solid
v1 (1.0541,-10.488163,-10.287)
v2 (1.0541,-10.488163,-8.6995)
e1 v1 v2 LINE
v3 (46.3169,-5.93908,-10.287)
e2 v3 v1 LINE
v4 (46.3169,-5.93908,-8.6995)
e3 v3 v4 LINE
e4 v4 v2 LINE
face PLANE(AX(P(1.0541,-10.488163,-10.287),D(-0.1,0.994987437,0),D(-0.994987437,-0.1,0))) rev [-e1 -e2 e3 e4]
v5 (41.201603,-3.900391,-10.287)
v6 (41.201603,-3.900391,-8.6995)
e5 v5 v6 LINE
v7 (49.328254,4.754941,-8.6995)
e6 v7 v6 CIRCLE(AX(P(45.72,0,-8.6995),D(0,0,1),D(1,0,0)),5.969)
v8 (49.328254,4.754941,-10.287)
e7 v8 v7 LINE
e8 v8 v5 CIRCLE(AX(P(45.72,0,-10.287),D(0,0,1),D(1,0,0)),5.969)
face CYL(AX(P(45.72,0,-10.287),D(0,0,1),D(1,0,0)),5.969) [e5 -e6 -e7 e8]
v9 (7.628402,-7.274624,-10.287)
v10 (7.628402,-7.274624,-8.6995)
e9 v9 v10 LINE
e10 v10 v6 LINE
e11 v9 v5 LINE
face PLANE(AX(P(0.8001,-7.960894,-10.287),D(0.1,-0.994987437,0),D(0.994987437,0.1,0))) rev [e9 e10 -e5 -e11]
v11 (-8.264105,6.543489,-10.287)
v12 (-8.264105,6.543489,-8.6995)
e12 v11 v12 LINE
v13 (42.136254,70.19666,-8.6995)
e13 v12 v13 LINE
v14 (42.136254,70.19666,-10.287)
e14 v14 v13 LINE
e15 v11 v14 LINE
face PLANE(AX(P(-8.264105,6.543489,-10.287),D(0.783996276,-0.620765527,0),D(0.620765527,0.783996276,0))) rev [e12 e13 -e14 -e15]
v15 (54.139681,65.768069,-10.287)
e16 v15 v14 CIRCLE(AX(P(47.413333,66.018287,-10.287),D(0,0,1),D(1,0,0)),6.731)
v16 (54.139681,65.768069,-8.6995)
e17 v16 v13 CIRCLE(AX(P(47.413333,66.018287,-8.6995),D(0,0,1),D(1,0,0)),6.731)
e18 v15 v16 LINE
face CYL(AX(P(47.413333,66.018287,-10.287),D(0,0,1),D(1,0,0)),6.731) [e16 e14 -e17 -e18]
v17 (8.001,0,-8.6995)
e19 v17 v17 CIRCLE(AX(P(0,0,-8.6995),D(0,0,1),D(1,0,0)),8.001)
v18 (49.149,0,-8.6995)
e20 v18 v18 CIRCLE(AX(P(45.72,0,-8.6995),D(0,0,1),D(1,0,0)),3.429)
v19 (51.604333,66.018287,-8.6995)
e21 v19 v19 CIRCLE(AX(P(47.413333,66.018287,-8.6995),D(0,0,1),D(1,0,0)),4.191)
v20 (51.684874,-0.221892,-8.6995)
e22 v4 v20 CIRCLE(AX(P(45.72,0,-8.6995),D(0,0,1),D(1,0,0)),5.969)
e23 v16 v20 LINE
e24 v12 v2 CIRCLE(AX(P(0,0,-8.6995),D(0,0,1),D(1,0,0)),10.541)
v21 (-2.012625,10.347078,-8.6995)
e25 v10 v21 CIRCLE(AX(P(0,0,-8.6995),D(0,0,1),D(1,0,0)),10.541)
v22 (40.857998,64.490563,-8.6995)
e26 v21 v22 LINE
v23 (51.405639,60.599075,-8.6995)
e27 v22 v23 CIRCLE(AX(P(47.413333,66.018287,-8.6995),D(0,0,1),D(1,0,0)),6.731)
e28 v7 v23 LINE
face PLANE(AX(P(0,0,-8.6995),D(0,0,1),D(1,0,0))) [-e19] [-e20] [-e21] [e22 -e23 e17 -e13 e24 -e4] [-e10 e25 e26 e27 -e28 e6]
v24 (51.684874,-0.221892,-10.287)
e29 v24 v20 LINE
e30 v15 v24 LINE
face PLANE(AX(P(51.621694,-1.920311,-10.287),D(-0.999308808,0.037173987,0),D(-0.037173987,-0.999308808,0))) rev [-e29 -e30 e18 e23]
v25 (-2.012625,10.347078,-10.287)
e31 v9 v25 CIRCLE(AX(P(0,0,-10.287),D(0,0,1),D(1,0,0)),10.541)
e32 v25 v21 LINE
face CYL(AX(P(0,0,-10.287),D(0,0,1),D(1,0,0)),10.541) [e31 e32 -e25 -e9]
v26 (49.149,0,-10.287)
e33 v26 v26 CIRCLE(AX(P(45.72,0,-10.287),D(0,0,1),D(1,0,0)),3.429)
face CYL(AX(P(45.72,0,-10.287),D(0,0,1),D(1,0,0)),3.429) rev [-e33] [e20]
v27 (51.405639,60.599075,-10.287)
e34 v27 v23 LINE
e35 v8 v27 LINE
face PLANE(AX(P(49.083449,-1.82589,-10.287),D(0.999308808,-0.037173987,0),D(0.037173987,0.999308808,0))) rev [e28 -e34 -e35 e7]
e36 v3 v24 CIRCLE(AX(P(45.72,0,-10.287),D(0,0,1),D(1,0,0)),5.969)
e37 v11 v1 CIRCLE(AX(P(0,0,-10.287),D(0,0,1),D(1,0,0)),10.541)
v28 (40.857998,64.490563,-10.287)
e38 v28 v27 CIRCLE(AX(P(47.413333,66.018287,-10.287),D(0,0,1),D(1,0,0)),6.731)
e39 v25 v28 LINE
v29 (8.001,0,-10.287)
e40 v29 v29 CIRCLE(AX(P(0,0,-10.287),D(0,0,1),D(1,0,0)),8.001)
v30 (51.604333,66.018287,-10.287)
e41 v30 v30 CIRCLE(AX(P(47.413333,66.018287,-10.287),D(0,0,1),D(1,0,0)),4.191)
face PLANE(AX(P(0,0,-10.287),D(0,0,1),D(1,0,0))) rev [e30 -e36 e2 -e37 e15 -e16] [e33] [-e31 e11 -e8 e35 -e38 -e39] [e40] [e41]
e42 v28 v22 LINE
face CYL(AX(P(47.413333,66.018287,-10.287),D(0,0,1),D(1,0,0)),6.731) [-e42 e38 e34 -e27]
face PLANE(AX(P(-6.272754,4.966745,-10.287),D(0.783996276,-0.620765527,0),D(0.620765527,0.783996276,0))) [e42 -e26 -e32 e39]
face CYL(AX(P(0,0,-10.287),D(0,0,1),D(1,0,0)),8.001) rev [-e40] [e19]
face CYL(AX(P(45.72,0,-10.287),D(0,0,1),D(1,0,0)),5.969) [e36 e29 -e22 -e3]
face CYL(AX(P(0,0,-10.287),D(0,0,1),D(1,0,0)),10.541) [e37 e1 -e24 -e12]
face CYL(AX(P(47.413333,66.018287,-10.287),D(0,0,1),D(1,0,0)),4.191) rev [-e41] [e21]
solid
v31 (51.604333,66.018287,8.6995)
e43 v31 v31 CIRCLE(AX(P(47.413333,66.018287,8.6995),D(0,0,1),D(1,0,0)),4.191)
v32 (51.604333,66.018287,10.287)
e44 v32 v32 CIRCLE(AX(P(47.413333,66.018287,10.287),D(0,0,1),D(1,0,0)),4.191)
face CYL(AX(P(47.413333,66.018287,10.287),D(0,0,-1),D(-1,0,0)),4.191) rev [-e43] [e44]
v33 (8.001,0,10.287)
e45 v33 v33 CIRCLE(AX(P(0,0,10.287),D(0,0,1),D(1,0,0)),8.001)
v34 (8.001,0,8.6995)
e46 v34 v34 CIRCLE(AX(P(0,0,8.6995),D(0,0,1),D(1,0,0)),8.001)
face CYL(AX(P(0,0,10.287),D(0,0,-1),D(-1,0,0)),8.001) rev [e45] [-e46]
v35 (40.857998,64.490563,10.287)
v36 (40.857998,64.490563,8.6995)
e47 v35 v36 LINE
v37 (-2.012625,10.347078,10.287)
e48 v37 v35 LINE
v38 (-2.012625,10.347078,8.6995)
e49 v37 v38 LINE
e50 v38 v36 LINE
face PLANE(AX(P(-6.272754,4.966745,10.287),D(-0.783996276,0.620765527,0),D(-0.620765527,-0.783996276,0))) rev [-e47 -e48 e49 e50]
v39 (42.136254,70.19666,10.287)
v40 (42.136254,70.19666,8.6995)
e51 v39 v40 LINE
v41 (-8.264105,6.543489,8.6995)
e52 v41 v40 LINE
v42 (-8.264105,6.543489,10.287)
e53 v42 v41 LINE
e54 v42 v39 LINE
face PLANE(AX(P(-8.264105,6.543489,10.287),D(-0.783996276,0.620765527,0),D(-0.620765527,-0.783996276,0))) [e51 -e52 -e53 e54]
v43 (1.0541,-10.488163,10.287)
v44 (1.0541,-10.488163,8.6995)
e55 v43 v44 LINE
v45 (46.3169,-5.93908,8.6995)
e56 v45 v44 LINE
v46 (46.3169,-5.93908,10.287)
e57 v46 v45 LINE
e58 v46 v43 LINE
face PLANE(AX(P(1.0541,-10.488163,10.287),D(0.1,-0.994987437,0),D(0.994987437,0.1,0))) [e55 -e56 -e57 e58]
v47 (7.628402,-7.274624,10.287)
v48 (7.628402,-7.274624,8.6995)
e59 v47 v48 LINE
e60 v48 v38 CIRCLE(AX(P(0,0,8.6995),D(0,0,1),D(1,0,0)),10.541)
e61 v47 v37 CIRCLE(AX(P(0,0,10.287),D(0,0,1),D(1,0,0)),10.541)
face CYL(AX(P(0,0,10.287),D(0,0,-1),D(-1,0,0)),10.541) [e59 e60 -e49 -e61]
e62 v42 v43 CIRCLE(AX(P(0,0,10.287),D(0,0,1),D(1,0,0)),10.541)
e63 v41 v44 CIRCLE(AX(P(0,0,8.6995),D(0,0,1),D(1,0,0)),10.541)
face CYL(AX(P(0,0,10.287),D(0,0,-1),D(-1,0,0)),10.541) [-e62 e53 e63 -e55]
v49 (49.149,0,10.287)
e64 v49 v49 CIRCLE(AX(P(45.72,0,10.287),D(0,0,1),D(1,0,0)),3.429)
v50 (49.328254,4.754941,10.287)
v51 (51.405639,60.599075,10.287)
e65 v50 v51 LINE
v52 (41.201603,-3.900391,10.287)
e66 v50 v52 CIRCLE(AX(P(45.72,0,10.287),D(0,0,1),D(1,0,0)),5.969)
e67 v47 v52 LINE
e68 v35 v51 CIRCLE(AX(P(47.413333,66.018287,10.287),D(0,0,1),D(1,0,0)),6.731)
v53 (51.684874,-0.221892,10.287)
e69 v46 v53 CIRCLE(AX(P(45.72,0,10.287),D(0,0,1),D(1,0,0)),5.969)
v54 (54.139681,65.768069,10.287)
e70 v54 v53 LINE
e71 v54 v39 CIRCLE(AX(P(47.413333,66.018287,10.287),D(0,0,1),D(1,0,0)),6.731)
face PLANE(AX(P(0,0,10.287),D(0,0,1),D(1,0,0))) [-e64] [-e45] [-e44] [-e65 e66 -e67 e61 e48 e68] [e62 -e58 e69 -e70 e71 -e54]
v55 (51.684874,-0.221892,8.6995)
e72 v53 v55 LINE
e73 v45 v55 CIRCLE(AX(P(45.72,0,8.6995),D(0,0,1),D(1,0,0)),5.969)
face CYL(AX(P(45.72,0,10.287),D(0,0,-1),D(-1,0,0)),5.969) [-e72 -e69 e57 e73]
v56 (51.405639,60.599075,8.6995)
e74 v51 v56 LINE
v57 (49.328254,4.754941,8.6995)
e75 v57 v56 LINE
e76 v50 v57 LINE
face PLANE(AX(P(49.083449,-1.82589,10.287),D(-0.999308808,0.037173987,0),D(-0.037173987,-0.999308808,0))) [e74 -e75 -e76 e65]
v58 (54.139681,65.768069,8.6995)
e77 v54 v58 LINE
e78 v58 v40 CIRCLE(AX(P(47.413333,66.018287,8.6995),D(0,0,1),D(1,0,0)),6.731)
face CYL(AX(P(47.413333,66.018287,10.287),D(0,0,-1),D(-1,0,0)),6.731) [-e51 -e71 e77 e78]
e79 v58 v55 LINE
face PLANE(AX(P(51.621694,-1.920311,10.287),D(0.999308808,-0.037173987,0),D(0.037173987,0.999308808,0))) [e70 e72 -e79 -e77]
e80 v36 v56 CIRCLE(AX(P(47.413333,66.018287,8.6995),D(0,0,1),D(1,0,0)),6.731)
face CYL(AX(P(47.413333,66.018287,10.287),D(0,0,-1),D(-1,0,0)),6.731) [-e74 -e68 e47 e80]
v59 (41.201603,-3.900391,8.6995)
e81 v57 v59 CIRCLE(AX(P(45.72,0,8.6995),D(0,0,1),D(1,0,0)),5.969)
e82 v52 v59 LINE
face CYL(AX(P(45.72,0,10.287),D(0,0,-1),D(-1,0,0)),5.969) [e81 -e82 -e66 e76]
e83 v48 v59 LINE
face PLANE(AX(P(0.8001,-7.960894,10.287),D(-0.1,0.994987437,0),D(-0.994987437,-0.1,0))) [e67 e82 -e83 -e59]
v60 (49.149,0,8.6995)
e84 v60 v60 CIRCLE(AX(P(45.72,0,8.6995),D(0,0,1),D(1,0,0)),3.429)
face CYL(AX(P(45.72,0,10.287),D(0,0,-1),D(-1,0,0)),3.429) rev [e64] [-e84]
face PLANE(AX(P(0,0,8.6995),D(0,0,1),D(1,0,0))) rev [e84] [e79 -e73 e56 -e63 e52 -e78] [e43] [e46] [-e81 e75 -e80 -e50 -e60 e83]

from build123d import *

# Parameters (mm, degrees)
BOSS_EXTRUDE1_START = 8.6995
SKETCH1_R           = 3.429
SKETCH1_R_2         = 4.191
SKETCH1_R_3         = 8.001
BOSS_EXTRUDE1_DEPTH = 1.5875
BOSS_EXTRUDE2_START = -8.6995
SKETCH1_4_R         = 3.429
SKETCH1_4_R_2       = 4.191
SKETCH1_4_R_3       = 8.001
BOSS_EXTRUDE2_DEPTH = 1.5875


with BuildPart() as part:
    # Sketch1 → Boss-Extrude1 (new body)
    with BuildSketch(Plane.XY.offset(BOSS_EXTRUDE1_START)):
        with BuildLine():
            ThreePointArc((54.139680923, 65.768068925), (49.743182937, 72.33320285), (42.136254402, 70.196659792))
            Line((42.136254402, 70.196659792), (-8.264104742, 6.543489422))
            ThreePointArc((-8.264104742, 6.543489422), (-9.247450164, -5.059382025), (1.0541, -10.488162575))
            Line((1.0541, -10.488162575), (46.3169, -5.939080012))
            ThreePointArc((46.3169, -5.939080012), (50.071526337, -4.085728764), (51.684874278, -0.221891526))
            Line((51.684874278, -0.221891526), (54.139680923, 65.768068925))
        make_face()
        with BuildLine():
            Line((-2.01262532, 10.347077864), (40.857998083, 64.490562984))
            ThreePointArc((40.857998083, 64.490562984), (45.083483729, 59.703371208), (51.405639077, 60.599075292))
            Line((51.405639077, 60.599075292), (49.328254105, 4.754940937))
            ThreePointArc((49.328254105, 4.754940937), (41.368473663, 4.085728764), (41.201602766, -3.900390677))
            Line((41.201602766, -3.900390677), (7.628402366, -7.274624275))
            ThreePointArc((7.628402366, -7.274624275), (9.247450164, 5.059382025), (-2.01262532, 10.347077864))
        make_face(mode=Mode.SUBTRACT)
        with Locations((45.72, 0)):
            Circle(SKETCH1_R, mode=Mode.SUBTRACT)
        with Locations((47.413333333, 66.018287029)):
            Circle(SKETCH1_R_2, mode=Mode.SUBTRACT)
        Circle(SKETCH1_R_3, mode=Mode.SUBTRACT)
    extrude(amount=BOSS_EXTRUDE1_DEPTH)


with BuildPart() as body_2:
    # Sketch1<4> → Boss-Extrude2 (new body)
    with BuildSketch(Plane.XY.offset(BOSS_EXTRUDE2_START)):
        with BuildLine():
            ThreePointArc((54.139680923, 65.768068925), (49.743182937, 72.33320285), (42.136254402, 70.196659792))
            Line((42.136254402, 70.196659792), (-8.264104742, 6.543489422))
            ThreePointArc((-8.264104742, 6.543489422), (-9.247450164, -5.059382025), (1.0541, -10.488162575))
            Line((1.0541, -10.488162575), (46.3169, -5.939080012))
            ThreePointArc((46.3169, -5.939080012), (50.071526337, -4.085728764), (51.684874278, -0.221891526))
            Line((51.684874278, -0.221891526), (54.139680923, 65.768068925))
        make_face()
        with BuildLine():
            Line((-2.01262532, 10.347077864), (40.857998083, 64.490562984))
            ThreePointArc((40.857998083, 64.490562984), (45.083483729, 59.703371208), (51.405639077, 60.599075292))
            Line((51.405639077, 60.599075292), (49.328254105, 4.754940937))
            ThreePointArc((49.328254105, 4.754940937), (41.368473663, 4.085728764), (41.201602766, -3.900390677))
            Line((41.201602766, -3.900390677), (7.628402366, -7.274624275))
            ThreePointArc((7.628402366, -7.274624275), (9.247450164, 5.059382025), (-2.01262532, 10.347077864))
        make_face(mode=Mode.SUBTRACT)
        with Locations((45.72, 0)):
            Circle(SKETCH1_4_R, mode=Mode.SUBTRACT)
        with Locations((47.413333333, 66.018287029)):
            Circle(SKETCH1_4_R_2, mode=Mode.SUBTRACT)
        Circle(SKETCH1_4_R_3, mode=Mode.SUBTRACT)
    extrude(amount=-BOSS_EXTRUDE2_DEPTH)


solid = Compound([part.part, body_2.part])
